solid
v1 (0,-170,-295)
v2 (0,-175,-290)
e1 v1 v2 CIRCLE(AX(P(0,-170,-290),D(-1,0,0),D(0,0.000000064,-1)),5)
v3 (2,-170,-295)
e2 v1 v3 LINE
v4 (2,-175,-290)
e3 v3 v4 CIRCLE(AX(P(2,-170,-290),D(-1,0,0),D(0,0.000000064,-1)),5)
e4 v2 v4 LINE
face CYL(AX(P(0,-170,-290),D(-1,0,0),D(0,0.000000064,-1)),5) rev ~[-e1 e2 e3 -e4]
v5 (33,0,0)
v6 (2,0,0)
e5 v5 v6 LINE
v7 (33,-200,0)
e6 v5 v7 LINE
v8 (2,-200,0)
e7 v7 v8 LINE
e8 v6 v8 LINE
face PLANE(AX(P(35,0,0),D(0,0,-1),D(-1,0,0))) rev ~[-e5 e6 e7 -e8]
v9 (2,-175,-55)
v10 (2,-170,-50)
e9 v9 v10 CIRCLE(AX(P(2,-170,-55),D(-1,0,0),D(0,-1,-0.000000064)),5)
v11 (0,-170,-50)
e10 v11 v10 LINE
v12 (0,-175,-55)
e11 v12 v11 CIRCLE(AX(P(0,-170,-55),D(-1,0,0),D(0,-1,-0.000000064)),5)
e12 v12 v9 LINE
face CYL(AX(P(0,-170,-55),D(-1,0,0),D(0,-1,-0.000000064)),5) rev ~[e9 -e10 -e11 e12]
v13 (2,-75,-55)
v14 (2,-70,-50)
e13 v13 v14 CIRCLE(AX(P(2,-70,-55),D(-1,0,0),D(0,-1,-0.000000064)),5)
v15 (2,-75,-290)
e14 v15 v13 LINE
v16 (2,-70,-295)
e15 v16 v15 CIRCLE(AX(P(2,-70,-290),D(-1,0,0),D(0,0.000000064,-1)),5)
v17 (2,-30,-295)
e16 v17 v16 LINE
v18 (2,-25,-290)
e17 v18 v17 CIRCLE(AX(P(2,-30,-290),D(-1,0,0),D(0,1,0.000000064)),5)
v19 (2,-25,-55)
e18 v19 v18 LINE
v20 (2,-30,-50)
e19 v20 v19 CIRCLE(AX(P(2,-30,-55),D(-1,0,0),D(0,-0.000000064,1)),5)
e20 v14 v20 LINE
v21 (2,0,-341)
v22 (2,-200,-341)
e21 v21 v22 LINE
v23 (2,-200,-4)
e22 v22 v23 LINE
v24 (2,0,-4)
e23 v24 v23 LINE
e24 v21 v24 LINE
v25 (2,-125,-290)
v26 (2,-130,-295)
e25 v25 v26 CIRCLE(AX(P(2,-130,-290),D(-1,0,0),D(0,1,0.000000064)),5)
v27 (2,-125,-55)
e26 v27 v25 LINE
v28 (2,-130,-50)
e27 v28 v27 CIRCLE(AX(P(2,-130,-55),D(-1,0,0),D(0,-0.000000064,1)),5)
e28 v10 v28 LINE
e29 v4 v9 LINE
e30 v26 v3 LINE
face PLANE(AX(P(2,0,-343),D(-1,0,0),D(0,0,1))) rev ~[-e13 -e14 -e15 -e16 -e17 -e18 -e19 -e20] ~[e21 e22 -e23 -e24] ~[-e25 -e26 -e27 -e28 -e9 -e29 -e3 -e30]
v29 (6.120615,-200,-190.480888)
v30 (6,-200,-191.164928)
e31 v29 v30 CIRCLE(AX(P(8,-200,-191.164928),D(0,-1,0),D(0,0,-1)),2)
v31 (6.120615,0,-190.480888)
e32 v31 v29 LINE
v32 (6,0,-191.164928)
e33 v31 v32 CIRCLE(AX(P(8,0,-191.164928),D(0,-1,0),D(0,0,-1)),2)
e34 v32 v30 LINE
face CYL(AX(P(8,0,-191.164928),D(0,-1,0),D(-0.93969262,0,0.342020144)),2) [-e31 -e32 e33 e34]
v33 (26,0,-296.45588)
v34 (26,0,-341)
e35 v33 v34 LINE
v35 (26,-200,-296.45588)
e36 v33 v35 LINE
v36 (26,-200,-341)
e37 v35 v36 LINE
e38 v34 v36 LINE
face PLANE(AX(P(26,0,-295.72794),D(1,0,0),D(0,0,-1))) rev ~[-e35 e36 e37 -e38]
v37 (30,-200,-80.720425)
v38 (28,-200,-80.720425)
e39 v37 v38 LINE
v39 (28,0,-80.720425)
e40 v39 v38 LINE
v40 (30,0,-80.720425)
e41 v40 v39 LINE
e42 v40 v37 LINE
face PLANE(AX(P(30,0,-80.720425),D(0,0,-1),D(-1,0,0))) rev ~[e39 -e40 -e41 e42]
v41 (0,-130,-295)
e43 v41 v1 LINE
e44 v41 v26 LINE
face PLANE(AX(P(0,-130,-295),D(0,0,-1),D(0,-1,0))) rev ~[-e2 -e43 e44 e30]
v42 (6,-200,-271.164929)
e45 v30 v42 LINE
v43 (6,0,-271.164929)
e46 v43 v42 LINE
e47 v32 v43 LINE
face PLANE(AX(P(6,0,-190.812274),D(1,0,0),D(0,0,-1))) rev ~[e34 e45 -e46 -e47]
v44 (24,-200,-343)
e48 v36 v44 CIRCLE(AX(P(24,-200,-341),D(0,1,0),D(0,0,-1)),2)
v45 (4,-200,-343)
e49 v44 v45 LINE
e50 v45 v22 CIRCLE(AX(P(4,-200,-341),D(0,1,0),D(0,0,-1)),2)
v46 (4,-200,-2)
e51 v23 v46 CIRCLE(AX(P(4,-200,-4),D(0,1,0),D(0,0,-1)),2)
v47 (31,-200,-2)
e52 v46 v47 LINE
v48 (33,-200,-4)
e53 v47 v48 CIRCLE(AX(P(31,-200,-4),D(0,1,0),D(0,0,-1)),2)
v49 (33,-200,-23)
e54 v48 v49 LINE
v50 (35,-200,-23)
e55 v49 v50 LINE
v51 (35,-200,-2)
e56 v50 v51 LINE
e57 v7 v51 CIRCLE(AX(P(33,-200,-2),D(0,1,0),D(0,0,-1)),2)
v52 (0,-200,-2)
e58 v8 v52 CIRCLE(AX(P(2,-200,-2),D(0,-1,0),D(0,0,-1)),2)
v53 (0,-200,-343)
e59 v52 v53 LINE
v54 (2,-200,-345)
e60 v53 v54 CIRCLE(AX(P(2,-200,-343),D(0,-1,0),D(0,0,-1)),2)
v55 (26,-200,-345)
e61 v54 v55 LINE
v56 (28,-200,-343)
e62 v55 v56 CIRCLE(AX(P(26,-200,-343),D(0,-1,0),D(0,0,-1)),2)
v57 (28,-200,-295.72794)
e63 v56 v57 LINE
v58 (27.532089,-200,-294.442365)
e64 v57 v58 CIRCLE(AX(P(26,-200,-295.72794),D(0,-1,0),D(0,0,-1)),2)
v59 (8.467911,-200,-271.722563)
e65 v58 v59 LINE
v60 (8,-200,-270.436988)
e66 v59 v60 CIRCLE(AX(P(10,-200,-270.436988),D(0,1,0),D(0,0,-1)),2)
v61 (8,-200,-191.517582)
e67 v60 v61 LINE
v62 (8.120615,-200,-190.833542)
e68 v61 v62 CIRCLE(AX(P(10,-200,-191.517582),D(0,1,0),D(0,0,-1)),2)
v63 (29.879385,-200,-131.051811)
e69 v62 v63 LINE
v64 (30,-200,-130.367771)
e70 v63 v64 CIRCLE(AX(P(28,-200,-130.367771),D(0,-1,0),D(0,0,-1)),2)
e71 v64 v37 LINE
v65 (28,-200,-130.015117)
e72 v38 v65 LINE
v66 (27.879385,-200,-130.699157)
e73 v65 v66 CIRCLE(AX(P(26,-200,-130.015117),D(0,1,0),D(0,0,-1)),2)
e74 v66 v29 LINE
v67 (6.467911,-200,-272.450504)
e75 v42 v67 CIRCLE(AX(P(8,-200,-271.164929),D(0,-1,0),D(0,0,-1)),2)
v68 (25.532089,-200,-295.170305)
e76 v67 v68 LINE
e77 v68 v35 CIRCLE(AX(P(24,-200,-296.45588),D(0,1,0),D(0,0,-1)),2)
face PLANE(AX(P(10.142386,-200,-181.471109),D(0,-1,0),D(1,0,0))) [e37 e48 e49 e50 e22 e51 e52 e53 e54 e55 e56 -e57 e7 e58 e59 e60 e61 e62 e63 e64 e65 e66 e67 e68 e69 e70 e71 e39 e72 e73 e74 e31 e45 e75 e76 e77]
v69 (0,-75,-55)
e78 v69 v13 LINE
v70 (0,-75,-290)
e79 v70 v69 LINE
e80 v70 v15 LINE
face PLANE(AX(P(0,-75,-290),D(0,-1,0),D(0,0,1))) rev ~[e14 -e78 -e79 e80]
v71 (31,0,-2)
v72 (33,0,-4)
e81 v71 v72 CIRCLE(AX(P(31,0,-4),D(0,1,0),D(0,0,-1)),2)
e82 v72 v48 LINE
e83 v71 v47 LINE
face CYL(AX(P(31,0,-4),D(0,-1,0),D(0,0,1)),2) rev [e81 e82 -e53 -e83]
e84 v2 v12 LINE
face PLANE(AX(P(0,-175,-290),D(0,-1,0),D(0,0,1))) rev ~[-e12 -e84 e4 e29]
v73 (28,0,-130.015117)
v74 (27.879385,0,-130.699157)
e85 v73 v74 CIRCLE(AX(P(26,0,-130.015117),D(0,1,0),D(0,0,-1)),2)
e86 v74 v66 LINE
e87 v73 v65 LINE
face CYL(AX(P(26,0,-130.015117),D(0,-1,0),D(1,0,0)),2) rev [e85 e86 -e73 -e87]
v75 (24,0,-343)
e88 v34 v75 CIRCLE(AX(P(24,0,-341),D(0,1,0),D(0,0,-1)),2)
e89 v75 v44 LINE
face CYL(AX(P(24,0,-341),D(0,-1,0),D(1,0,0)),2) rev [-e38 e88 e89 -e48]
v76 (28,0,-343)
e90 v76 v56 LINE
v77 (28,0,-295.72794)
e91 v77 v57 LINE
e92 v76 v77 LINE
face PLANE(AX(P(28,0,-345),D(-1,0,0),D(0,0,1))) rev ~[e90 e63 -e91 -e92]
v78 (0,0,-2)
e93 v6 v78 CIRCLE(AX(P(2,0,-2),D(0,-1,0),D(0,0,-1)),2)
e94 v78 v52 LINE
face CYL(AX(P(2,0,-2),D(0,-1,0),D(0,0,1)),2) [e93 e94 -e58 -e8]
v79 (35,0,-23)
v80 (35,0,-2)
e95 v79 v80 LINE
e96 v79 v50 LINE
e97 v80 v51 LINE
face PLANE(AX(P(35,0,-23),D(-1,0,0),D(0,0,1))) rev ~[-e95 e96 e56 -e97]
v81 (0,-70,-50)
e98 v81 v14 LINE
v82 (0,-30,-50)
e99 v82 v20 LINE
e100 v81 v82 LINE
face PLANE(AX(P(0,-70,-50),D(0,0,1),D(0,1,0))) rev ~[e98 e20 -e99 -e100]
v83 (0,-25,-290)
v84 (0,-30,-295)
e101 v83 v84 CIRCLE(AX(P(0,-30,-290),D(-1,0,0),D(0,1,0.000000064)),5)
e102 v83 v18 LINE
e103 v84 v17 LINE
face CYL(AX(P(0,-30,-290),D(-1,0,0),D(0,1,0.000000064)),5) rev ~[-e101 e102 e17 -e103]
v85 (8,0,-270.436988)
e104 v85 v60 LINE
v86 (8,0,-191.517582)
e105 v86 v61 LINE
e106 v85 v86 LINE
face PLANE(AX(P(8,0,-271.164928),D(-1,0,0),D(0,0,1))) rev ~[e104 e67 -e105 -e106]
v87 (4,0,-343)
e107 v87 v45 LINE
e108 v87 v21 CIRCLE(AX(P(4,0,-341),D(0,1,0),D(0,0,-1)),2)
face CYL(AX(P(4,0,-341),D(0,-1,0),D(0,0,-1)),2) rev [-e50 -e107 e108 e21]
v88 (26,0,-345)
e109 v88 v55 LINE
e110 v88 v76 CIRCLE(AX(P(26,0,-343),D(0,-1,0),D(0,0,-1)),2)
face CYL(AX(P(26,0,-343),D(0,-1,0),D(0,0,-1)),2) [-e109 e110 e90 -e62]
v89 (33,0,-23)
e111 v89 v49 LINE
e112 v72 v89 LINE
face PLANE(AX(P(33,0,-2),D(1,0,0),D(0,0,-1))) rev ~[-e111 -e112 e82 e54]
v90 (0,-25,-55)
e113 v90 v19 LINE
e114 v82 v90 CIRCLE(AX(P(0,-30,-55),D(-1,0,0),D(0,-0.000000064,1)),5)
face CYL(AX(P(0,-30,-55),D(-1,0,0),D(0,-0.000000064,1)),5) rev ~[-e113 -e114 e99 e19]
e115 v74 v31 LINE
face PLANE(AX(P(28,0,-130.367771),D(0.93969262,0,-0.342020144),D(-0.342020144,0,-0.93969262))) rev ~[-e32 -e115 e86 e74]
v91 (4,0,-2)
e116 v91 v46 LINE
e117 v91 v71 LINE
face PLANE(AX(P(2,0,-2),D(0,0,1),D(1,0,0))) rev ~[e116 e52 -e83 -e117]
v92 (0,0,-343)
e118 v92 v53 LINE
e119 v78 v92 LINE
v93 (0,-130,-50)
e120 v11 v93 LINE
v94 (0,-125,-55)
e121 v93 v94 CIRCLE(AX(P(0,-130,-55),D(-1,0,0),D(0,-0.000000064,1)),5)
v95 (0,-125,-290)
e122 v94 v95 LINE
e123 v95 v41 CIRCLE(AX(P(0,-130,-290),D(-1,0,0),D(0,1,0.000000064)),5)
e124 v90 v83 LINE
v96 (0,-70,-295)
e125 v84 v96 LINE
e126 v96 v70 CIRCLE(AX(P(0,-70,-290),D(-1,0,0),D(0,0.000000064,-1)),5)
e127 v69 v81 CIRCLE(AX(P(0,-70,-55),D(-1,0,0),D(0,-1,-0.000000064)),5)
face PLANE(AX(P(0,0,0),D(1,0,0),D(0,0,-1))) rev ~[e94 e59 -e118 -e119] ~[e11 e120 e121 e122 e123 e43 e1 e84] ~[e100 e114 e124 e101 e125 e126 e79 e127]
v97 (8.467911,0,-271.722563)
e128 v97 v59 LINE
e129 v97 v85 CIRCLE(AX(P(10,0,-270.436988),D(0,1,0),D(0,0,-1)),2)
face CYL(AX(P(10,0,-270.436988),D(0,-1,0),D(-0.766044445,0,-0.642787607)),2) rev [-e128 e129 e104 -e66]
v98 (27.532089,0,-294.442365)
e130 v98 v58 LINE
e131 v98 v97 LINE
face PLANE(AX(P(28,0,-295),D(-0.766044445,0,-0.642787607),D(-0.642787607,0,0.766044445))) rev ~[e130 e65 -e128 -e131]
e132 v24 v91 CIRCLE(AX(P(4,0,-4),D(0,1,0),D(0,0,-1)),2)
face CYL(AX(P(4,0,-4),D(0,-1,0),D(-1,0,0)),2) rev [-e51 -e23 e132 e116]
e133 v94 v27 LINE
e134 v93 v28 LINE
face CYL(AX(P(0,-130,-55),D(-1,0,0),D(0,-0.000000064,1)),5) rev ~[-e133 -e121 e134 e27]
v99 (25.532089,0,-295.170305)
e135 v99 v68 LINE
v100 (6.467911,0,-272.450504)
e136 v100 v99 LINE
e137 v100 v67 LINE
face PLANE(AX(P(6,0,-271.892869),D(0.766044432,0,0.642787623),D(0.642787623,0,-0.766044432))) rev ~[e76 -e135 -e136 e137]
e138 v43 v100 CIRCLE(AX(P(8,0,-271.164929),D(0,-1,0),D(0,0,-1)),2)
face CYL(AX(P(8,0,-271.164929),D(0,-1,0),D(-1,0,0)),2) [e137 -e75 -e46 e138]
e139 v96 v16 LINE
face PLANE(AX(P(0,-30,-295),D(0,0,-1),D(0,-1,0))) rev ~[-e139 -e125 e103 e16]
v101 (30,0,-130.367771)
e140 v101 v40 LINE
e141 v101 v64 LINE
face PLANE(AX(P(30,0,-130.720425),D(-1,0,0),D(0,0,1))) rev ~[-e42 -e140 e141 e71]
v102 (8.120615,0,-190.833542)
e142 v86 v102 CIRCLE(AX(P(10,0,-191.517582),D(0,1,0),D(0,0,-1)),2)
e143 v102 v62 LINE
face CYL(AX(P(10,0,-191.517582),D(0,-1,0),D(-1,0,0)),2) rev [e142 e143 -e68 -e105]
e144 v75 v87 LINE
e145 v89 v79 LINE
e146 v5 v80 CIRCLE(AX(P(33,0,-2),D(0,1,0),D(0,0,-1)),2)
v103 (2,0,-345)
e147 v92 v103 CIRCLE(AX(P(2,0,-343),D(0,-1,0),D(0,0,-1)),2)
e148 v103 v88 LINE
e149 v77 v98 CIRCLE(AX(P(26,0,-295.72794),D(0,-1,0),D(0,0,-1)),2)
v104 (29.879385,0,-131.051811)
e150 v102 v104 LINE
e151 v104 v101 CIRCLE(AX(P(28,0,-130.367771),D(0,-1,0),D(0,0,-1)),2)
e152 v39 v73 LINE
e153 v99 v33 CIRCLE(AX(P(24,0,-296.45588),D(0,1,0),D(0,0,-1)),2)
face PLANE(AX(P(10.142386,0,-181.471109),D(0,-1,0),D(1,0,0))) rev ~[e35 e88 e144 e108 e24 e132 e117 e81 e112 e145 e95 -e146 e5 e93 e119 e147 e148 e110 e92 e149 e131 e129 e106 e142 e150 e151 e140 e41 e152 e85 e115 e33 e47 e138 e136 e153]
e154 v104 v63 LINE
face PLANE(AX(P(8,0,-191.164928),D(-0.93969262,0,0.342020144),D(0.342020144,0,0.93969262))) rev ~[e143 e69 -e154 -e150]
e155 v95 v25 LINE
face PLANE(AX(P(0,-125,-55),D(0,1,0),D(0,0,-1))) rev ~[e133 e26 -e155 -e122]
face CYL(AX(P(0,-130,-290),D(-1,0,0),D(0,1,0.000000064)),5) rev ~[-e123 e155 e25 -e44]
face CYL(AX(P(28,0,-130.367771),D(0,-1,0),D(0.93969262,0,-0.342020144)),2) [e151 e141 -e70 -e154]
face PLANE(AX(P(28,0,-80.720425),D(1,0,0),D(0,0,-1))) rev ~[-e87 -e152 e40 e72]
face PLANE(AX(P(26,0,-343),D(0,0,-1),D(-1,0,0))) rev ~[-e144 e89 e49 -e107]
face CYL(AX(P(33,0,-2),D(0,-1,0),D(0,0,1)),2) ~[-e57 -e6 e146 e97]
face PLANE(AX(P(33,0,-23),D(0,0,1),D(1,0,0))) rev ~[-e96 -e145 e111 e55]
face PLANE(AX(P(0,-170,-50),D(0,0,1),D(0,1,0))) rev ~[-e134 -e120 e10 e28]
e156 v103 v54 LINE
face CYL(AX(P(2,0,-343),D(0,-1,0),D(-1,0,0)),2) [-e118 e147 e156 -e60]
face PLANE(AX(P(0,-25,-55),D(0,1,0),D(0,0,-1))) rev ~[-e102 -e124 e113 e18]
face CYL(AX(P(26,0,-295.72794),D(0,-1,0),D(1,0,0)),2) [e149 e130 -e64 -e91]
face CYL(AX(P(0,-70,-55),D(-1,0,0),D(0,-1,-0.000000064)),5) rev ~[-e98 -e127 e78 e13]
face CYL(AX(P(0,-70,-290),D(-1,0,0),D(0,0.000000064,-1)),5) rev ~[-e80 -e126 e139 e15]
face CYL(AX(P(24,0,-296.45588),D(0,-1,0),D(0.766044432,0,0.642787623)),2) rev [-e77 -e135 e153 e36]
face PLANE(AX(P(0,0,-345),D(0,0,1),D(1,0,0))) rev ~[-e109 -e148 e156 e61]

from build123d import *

# Parameters (mm, degrees)
F1_DEPTH = 200
F2_R     = 2
F4_DEPTH = 2


with BuildPart() as f1:
    # F0 (on Front) → F1 (new body)
    with BuildSketch(Plane.XZ):
        Polygon((35, 0), (0, 0), (0, -345), (28, -345), (28, -295), (8, -271.164928), (8, -191.164928), (30, -130.720425), (30, -80.720425), (28, -80.720425), (28, -130.367771), (6, -190.812274), (6, -271.892869), (26, -295.72794), (26, -343), (2, -343), (2, -2), (33, -2), (33, -23), (35, -23), align=None)
    extrude(amount=F1_DEPTH)

    # F2
    f2_edges = [f1.edges().sort_by_distance(p)[0] for p in [
        (0, -100, 0),
        (35, -100, 0),
        (33, -100, -2),
        (2, -100, -2),
        (0, -100, -345),
        (2, -100, -343),
        (28, -100, -345),
        (26, -100, -343),
        (26, -100, -295.72794),
        (28, -100, -295),
        (8, -100, -271.164928),
        (6, -100, -271.892869),
        (6, -100, -190.812274),
        (8, -100, -191.164928),
        (30, -100, -130.720425),
        (28, -100, -130.367771),
    ]]
    fillet(f2_edges, radius=F2_R)

    # F3 (on face) → F4 (cut)
    with BuildSketch(Plane(origin=(0, 0, 0), x_dir=(0, -1, 0), z_dir=(-1, 0, 0))):
        with BuildLine():
            Line((70, -50), (30, -50))
            ThreePointArc((30, -50), (26.464466, -51.464466), (25, -55))
            Line((25, -55), (25, -290))
            ThreePointArc((25, -290), (26.464466, -293.535534), (30, -295))
            Line((30, -295), (70, -295))
            ThreePointArc((70, -295), (73.535534, -293.535534), (75, -290))
            Line((75, -290), (75, -55))
            ThreePointArc((75, -55), (73.535534, -51.464466), (70, -50))
        make_face()
        with BuildLine():
            ThreePointArc((175, -55), (173.535534, -51.464466), (170, -50))
            Line((170, -50), (130, -50))
            ThreePointArc((130, -50), (126.464466, -51.464466), (125, -55))
            Line((125, -55), (125, -290))
            ThreePointArc((125, -290), (126.464466, -293.535534), (130, -295))
            Line((130, -295), (170, -295))
            ThreePointArc((170, -295), (173.535534, -293.535534), (175, -290))
            Line((175, -290), (175, -55))
        make_face()
    extrude(amount=-F4_DEPTH, mode=Mode.SUBTRACT)


solid = f1.part
